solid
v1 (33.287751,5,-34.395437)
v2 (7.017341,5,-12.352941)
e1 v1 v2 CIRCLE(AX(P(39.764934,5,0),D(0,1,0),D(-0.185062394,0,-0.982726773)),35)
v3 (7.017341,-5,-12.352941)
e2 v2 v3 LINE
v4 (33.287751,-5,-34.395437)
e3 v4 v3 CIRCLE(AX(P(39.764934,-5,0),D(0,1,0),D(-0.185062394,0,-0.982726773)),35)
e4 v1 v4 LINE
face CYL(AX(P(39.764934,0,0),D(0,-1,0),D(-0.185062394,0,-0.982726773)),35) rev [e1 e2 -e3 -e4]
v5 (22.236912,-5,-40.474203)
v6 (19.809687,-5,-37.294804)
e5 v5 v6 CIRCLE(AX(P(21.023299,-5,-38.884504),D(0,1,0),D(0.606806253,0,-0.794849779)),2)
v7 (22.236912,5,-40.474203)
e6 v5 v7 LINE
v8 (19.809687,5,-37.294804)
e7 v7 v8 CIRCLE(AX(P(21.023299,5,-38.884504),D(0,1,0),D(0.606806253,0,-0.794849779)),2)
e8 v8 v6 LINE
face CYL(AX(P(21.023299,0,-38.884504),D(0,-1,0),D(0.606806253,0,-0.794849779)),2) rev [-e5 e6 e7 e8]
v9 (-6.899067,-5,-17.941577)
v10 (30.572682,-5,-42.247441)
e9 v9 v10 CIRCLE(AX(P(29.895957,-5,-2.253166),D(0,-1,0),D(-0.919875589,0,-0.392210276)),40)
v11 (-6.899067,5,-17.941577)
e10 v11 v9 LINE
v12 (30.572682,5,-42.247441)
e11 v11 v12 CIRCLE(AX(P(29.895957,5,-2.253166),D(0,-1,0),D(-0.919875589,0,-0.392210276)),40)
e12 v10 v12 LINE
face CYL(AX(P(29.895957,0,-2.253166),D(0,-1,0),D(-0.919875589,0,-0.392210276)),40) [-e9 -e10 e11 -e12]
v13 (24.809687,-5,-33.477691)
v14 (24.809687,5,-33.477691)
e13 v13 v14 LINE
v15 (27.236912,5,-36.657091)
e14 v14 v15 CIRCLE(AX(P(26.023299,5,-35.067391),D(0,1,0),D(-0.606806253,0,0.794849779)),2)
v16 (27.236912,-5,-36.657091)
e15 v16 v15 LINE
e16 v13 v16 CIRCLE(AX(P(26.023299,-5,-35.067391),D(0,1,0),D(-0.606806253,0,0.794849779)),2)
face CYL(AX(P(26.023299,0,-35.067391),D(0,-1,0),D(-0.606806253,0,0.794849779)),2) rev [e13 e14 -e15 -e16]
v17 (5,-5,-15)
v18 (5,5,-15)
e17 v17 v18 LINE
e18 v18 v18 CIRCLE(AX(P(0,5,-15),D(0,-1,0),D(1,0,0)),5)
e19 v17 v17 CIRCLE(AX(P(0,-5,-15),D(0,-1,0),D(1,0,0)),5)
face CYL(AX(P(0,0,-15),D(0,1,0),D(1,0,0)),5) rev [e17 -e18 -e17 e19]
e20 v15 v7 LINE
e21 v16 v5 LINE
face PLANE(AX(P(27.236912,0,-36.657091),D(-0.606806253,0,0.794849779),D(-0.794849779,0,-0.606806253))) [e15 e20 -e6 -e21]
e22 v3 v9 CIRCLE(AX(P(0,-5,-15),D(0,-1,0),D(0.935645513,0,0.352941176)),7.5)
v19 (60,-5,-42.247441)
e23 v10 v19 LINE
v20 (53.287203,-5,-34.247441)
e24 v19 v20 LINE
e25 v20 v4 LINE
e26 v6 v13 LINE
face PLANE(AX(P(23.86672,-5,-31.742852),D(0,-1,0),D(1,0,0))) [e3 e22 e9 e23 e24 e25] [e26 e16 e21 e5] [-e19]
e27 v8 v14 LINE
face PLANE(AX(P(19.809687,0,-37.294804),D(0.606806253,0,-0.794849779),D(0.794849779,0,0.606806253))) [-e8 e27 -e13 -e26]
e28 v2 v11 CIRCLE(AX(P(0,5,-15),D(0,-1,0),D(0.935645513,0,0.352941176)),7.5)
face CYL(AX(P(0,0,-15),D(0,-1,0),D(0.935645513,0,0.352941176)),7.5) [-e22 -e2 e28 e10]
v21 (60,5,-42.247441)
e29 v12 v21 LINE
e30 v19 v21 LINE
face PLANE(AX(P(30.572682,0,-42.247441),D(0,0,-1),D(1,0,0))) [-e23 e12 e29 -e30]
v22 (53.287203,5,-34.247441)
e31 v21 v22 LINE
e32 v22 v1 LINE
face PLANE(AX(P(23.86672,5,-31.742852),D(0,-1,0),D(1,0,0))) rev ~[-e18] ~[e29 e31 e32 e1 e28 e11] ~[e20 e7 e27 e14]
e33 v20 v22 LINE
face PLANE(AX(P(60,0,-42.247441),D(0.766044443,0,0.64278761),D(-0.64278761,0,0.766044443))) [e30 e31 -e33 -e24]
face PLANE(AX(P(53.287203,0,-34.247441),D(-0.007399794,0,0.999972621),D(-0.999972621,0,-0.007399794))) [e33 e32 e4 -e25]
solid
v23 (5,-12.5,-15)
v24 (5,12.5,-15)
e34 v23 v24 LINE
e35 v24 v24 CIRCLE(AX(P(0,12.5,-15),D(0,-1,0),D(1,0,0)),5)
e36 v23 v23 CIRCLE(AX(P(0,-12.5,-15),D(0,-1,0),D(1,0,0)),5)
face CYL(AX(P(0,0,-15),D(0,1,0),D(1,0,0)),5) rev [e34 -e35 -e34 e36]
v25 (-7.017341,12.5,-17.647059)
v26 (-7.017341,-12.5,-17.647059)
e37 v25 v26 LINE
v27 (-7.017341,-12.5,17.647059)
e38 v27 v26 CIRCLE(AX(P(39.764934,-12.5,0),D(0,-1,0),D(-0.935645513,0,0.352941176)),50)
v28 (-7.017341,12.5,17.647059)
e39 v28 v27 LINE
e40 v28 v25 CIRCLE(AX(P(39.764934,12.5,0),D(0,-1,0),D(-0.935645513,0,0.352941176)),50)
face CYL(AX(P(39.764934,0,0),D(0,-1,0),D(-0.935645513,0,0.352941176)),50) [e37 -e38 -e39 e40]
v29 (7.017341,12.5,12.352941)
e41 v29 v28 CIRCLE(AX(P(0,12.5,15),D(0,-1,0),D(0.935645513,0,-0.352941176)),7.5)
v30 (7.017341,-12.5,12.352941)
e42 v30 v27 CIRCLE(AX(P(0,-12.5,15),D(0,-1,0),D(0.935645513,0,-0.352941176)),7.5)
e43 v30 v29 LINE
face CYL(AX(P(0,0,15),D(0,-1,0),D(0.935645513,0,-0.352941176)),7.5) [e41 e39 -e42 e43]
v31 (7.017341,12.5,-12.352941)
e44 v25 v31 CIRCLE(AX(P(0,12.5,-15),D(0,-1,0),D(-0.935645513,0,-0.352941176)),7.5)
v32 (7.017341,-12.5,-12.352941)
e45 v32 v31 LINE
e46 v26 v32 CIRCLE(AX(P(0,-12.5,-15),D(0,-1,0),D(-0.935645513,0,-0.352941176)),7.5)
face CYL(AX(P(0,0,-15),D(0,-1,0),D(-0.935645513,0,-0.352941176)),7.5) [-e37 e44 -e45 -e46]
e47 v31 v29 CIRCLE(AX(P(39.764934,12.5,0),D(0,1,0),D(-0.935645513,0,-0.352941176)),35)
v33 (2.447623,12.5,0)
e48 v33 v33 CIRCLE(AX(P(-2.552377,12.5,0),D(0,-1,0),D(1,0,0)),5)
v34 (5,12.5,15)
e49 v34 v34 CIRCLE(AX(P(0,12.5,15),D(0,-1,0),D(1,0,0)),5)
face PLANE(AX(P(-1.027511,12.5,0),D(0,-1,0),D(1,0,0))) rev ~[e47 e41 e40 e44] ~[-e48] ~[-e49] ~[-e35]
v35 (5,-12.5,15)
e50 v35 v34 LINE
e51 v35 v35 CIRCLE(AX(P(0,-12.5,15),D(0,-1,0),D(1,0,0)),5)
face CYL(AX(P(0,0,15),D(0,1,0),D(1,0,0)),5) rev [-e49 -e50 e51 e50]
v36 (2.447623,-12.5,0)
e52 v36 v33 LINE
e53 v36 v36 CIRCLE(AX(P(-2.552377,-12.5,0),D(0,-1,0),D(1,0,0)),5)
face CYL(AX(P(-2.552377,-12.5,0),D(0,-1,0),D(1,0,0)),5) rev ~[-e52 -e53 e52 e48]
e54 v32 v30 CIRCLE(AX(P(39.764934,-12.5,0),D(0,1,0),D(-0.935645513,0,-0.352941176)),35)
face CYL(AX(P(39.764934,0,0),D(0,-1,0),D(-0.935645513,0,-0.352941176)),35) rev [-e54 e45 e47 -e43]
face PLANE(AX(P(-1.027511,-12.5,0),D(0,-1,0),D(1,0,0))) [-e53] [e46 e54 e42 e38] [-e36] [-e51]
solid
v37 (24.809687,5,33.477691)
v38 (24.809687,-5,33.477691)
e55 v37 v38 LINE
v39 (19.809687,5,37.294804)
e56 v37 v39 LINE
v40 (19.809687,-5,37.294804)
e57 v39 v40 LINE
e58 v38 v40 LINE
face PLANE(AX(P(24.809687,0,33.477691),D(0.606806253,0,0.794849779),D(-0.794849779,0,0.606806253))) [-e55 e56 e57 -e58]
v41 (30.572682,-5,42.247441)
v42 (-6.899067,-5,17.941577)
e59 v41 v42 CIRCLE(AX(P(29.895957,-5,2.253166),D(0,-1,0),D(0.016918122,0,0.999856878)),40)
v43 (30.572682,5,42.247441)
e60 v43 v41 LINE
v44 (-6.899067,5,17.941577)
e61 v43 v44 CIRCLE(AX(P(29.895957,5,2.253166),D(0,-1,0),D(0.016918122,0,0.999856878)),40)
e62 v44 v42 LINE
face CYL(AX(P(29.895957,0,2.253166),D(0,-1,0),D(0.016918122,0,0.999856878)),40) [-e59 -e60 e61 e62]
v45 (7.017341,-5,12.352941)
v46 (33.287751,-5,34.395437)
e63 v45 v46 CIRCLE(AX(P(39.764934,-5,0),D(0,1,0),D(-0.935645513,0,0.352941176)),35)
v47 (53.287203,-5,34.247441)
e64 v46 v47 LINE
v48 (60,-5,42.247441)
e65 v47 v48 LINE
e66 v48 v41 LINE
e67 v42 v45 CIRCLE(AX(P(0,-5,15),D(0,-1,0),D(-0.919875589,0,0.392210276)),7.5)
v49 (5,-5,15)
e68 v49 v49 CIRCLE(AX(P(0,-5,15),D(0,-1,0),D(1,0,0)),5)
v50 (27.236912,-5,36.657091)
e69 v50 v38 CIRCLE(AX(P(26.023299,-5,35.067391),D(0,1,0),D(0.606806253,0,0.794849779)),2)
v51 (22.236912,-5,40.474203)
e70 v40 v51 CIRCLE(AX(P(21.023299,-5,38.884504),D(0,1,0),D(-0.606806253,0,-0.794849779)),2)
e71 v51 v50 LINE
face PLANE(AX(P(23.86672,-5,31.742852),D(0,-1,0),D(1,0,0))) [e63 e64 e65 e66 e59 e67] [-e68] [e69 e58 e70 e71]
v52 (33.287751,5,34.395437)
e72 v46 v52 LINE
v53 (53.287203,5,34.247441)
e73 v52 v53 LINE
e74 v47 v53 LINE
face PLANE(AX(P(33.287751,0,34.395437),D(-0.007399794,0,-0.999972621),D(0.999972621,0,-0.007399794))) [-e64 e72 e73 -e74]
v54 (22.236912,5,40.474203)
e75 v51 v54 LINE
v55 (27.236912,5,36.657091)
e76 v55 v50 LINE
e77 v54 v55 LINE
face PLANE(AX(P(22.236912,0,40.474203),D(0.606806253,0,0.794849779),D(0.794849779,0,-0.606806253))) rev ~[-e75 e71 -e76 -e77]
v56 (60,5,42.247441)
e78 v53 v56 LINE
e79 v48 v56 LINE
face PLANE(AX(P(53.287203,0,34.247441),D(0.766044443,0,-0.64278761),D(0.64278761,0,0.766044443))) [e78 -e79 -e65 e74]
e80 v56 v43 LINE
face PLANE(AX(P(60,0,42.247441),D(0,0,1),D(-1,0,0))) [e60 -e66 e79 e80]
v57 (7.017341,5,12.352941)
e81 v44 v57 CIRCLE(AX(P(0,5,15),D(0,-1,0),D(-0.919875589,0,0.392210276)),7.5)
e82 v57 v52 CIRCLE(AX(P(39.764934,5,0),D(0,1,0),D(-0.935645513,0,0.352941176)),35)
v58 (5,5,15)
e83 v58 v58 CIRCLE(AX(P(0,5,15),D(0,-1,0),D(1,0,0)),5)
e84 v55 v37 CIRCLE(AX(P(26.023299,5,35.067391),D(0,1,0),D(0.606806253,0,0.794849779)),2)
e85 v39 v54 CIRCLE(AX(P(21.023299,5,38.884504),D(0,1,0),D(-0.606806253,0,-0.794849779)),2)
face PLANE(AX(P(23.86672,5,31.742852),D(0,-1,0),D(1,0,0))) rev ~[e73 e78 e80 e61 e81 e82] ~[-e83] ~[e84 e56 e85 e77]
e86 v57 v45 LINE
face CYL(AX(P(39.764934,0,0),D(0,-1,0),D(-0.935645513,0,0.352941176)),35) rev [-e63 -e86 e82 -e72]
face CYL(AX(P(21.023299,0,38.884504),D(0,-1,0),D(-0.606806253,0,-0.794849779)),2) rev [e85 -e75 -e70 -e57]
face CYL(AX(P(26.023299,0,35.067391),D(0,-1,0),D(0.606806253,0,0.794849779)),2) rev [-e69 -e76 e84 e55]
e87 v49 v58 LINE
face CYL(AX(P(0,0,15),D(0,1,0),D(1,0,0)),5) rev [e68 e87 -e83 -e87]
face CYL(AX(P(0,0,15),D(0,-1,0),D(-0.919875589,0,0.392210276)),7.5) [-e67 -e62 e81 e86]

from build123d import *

# Parameters (mm, degrees)
F0_R     = 5
F2_DEPTH = 12.5
F1_R     = 5
F3_DEPTH = 5
F4_R     = 5
F5_DEPTH = 25.001


with BuildPart() as f2:
    # F0 (on Front) → F2 (new body, symmetric)
    with BuildSketch(Plane.XZ):
        with BuildLine():
            ThreePointArc((7.0173413473, 12.3529411765), (2.6470588235, 22.0173413473), (-7.0173413473, 17.6470588235))
            ThreePointArc((-7.0173413473, 17.6470588235), (-10.2350656985, 0), (-7.0173413473, -17.6470588235))
            ThreePointArc((-7.0173413473, -17.6470588235), (2.6470588235, -22.0173413473), (7.0173413473, -12.3529411765))
            ThreePointArc((7.0173413473, -12.3529411765), (4.7649343015, 0), (7.0173413473, 12.3529411765))
        make_face()
        with Locations((0, -15)):
            Circle(F0_R, mode=Mode.SUBTRACT)
        with Locations((0, 15)):
            Circle(F0_R, mode=Mode.SUBTRACT)
    extrude(amount=F2_DEPTH, both=True)

    # F4 (on face) → F5 (cut, through all)
    with BuildSketch(Plane.XZ.offset(12.5)):
        with Locations((-2.5523768673, 0)):
            Circle(F4_R)
    extrude(amount=-F5_DEPTH, mode=Mode.SUBTRACT)


with BuildPart() as f3:
    # F1 (on Front) → F3 (new body, symmetric)
    with BuildSketch(Plane.XZ):
        with BuildLine():
            ThreePointArc((7.0173413473, -12.3529411765), (7.3783487348, -13.6546487642), (7.5, -15))
            ThreePointArc((7.5, -15), (1.5011658977, -22.3482311441), (-6.8990669193, -17.9415770673))
            ThreePointArc((-6.8990669193, -17.9415770673), (8.1283974759, -35.811672677), (30.5726815386, -42.247441175))
            Line((30.5726815386, -42.247441175), (60, -42.247441175))
            Line((60, -42.247441175), (53.2872029506, -34.247441175))
            Line((53.2872029506, -34.247441175), (33.2877505276, -34.3954370573))
            ThreePointArc((33.2877505276, -34.3954370573), (17.2679637609, -26.8120554321), (7.0173413473, -12.3529411765))
        make_face()
        with BuildLine():
            Line((19.8096867162, -37.2948042379), (24.8096867162, -33.4776914401))
            ThreePointArc((24.8096867162, -33.4776914401), (27.6129987803, -33.8537784927), (27.2369117277, -36.6570905568))
            Line((27.2369117277, -36.6570905568), (22.2369117277, -40.4742033546))
            ThreePointArc((22.2369117277, -40.4742033546), (19.4335996636, -40.098116302), (19.8096867162, -37.2948042379))
        make_face(mode=Mode.SUBTRACT)
        with BuildLine():
            ThreePointArc((-6.8990669193, -17.9415770673), (1.5011658977, -22.3482311441), (7.5, -15))
            ThreePointArc((7.5, -15), (7.3783487348, -13.6546487642), (7.0173413473, -12.3529411765))
            ThreePointArc((7.0173413473, -12.3529411765), (-2.794943647, -8.0402377907), (-6.8990669193, -17.9415770673))
        make_face()
        with Locations((0, -15)):
            Circle(F1_R, mode=Mode.SUBTRACT)
    extrude(amount=F3_DEPTH, both=True)


with BuildPart() as f3b:
    # F1 (on Front) → F3, piece 2 (new body, symmetric)
    with BuildSketch(Plane.XZ):
        with BuildLine():
            Line((60, 42.247441175), (30.5726815386, 42.247441175))
            ThreePointArc((30.5726815386, 42.247441175), (8.1283974759, 35.811672677), (-6.8990669193, 17.9415770673))
            ThreePointArc((-6.8990669193, 17.9415770673), (1.5011658977, 22.3482311441), (7.5, 15))
            ThreePointArc((7.5, 15), (7.3783487348, 13.6546487642), (7.0173413473, 12.3529411765))
            ThreePointArc((7.0173413473, 12.3529411765), (17.2679637609, 26.8120554321), (33.2877505276, 34.3954370573))
            Line((33.2877505276, 34.3954370573), (53.2872029506, 34.247441175))
            Line((53.2872029506, 34.247441175), (60, 42.247441175))
        make_face()
        with BuildLine():
            ThreePointArc((19.8096867162, 37.2948042379), (19.4335996636, 40.098116302), (22.2369117277, 40.4742033546))
            Line((22.2369117277, 40.4742033546), (27.2369117277, 36.6570905568))
            ThreePointArc((27.2369117277, 36.6570905568), (27.6129987803, 33.8537784927), (24.8096867162, 33.4776914401))
            Line((24.8096867162, 33.4776914401), (19.8096867162, 37.2948042379))
        make_face(mode=Mode.SUBTRACT)
        with BuildLine():
            ThreePointArc((7.5, 15), (1.5011658977, 22.3482311441), (-6.8990669193, 17.9415770673))
            ThreePointArc((-6.8990669193, 17.9415770673), (-2.794943647, 8.0402377907), (7.0173413473, 12.3529411765))
            ThreePointArc((7.0173413473, 12.3529411765), (7.3783487348, 13.6546487642), (7.5, 15))
        make_face()
        with Locations((0, 15)):
            Circle(F1_R, mode=Mode.SUBTRACT)
    extrude(amount=F3_DEPTH, both=True)


solid = Compound([f2.part, f3.part, f3b.part])
